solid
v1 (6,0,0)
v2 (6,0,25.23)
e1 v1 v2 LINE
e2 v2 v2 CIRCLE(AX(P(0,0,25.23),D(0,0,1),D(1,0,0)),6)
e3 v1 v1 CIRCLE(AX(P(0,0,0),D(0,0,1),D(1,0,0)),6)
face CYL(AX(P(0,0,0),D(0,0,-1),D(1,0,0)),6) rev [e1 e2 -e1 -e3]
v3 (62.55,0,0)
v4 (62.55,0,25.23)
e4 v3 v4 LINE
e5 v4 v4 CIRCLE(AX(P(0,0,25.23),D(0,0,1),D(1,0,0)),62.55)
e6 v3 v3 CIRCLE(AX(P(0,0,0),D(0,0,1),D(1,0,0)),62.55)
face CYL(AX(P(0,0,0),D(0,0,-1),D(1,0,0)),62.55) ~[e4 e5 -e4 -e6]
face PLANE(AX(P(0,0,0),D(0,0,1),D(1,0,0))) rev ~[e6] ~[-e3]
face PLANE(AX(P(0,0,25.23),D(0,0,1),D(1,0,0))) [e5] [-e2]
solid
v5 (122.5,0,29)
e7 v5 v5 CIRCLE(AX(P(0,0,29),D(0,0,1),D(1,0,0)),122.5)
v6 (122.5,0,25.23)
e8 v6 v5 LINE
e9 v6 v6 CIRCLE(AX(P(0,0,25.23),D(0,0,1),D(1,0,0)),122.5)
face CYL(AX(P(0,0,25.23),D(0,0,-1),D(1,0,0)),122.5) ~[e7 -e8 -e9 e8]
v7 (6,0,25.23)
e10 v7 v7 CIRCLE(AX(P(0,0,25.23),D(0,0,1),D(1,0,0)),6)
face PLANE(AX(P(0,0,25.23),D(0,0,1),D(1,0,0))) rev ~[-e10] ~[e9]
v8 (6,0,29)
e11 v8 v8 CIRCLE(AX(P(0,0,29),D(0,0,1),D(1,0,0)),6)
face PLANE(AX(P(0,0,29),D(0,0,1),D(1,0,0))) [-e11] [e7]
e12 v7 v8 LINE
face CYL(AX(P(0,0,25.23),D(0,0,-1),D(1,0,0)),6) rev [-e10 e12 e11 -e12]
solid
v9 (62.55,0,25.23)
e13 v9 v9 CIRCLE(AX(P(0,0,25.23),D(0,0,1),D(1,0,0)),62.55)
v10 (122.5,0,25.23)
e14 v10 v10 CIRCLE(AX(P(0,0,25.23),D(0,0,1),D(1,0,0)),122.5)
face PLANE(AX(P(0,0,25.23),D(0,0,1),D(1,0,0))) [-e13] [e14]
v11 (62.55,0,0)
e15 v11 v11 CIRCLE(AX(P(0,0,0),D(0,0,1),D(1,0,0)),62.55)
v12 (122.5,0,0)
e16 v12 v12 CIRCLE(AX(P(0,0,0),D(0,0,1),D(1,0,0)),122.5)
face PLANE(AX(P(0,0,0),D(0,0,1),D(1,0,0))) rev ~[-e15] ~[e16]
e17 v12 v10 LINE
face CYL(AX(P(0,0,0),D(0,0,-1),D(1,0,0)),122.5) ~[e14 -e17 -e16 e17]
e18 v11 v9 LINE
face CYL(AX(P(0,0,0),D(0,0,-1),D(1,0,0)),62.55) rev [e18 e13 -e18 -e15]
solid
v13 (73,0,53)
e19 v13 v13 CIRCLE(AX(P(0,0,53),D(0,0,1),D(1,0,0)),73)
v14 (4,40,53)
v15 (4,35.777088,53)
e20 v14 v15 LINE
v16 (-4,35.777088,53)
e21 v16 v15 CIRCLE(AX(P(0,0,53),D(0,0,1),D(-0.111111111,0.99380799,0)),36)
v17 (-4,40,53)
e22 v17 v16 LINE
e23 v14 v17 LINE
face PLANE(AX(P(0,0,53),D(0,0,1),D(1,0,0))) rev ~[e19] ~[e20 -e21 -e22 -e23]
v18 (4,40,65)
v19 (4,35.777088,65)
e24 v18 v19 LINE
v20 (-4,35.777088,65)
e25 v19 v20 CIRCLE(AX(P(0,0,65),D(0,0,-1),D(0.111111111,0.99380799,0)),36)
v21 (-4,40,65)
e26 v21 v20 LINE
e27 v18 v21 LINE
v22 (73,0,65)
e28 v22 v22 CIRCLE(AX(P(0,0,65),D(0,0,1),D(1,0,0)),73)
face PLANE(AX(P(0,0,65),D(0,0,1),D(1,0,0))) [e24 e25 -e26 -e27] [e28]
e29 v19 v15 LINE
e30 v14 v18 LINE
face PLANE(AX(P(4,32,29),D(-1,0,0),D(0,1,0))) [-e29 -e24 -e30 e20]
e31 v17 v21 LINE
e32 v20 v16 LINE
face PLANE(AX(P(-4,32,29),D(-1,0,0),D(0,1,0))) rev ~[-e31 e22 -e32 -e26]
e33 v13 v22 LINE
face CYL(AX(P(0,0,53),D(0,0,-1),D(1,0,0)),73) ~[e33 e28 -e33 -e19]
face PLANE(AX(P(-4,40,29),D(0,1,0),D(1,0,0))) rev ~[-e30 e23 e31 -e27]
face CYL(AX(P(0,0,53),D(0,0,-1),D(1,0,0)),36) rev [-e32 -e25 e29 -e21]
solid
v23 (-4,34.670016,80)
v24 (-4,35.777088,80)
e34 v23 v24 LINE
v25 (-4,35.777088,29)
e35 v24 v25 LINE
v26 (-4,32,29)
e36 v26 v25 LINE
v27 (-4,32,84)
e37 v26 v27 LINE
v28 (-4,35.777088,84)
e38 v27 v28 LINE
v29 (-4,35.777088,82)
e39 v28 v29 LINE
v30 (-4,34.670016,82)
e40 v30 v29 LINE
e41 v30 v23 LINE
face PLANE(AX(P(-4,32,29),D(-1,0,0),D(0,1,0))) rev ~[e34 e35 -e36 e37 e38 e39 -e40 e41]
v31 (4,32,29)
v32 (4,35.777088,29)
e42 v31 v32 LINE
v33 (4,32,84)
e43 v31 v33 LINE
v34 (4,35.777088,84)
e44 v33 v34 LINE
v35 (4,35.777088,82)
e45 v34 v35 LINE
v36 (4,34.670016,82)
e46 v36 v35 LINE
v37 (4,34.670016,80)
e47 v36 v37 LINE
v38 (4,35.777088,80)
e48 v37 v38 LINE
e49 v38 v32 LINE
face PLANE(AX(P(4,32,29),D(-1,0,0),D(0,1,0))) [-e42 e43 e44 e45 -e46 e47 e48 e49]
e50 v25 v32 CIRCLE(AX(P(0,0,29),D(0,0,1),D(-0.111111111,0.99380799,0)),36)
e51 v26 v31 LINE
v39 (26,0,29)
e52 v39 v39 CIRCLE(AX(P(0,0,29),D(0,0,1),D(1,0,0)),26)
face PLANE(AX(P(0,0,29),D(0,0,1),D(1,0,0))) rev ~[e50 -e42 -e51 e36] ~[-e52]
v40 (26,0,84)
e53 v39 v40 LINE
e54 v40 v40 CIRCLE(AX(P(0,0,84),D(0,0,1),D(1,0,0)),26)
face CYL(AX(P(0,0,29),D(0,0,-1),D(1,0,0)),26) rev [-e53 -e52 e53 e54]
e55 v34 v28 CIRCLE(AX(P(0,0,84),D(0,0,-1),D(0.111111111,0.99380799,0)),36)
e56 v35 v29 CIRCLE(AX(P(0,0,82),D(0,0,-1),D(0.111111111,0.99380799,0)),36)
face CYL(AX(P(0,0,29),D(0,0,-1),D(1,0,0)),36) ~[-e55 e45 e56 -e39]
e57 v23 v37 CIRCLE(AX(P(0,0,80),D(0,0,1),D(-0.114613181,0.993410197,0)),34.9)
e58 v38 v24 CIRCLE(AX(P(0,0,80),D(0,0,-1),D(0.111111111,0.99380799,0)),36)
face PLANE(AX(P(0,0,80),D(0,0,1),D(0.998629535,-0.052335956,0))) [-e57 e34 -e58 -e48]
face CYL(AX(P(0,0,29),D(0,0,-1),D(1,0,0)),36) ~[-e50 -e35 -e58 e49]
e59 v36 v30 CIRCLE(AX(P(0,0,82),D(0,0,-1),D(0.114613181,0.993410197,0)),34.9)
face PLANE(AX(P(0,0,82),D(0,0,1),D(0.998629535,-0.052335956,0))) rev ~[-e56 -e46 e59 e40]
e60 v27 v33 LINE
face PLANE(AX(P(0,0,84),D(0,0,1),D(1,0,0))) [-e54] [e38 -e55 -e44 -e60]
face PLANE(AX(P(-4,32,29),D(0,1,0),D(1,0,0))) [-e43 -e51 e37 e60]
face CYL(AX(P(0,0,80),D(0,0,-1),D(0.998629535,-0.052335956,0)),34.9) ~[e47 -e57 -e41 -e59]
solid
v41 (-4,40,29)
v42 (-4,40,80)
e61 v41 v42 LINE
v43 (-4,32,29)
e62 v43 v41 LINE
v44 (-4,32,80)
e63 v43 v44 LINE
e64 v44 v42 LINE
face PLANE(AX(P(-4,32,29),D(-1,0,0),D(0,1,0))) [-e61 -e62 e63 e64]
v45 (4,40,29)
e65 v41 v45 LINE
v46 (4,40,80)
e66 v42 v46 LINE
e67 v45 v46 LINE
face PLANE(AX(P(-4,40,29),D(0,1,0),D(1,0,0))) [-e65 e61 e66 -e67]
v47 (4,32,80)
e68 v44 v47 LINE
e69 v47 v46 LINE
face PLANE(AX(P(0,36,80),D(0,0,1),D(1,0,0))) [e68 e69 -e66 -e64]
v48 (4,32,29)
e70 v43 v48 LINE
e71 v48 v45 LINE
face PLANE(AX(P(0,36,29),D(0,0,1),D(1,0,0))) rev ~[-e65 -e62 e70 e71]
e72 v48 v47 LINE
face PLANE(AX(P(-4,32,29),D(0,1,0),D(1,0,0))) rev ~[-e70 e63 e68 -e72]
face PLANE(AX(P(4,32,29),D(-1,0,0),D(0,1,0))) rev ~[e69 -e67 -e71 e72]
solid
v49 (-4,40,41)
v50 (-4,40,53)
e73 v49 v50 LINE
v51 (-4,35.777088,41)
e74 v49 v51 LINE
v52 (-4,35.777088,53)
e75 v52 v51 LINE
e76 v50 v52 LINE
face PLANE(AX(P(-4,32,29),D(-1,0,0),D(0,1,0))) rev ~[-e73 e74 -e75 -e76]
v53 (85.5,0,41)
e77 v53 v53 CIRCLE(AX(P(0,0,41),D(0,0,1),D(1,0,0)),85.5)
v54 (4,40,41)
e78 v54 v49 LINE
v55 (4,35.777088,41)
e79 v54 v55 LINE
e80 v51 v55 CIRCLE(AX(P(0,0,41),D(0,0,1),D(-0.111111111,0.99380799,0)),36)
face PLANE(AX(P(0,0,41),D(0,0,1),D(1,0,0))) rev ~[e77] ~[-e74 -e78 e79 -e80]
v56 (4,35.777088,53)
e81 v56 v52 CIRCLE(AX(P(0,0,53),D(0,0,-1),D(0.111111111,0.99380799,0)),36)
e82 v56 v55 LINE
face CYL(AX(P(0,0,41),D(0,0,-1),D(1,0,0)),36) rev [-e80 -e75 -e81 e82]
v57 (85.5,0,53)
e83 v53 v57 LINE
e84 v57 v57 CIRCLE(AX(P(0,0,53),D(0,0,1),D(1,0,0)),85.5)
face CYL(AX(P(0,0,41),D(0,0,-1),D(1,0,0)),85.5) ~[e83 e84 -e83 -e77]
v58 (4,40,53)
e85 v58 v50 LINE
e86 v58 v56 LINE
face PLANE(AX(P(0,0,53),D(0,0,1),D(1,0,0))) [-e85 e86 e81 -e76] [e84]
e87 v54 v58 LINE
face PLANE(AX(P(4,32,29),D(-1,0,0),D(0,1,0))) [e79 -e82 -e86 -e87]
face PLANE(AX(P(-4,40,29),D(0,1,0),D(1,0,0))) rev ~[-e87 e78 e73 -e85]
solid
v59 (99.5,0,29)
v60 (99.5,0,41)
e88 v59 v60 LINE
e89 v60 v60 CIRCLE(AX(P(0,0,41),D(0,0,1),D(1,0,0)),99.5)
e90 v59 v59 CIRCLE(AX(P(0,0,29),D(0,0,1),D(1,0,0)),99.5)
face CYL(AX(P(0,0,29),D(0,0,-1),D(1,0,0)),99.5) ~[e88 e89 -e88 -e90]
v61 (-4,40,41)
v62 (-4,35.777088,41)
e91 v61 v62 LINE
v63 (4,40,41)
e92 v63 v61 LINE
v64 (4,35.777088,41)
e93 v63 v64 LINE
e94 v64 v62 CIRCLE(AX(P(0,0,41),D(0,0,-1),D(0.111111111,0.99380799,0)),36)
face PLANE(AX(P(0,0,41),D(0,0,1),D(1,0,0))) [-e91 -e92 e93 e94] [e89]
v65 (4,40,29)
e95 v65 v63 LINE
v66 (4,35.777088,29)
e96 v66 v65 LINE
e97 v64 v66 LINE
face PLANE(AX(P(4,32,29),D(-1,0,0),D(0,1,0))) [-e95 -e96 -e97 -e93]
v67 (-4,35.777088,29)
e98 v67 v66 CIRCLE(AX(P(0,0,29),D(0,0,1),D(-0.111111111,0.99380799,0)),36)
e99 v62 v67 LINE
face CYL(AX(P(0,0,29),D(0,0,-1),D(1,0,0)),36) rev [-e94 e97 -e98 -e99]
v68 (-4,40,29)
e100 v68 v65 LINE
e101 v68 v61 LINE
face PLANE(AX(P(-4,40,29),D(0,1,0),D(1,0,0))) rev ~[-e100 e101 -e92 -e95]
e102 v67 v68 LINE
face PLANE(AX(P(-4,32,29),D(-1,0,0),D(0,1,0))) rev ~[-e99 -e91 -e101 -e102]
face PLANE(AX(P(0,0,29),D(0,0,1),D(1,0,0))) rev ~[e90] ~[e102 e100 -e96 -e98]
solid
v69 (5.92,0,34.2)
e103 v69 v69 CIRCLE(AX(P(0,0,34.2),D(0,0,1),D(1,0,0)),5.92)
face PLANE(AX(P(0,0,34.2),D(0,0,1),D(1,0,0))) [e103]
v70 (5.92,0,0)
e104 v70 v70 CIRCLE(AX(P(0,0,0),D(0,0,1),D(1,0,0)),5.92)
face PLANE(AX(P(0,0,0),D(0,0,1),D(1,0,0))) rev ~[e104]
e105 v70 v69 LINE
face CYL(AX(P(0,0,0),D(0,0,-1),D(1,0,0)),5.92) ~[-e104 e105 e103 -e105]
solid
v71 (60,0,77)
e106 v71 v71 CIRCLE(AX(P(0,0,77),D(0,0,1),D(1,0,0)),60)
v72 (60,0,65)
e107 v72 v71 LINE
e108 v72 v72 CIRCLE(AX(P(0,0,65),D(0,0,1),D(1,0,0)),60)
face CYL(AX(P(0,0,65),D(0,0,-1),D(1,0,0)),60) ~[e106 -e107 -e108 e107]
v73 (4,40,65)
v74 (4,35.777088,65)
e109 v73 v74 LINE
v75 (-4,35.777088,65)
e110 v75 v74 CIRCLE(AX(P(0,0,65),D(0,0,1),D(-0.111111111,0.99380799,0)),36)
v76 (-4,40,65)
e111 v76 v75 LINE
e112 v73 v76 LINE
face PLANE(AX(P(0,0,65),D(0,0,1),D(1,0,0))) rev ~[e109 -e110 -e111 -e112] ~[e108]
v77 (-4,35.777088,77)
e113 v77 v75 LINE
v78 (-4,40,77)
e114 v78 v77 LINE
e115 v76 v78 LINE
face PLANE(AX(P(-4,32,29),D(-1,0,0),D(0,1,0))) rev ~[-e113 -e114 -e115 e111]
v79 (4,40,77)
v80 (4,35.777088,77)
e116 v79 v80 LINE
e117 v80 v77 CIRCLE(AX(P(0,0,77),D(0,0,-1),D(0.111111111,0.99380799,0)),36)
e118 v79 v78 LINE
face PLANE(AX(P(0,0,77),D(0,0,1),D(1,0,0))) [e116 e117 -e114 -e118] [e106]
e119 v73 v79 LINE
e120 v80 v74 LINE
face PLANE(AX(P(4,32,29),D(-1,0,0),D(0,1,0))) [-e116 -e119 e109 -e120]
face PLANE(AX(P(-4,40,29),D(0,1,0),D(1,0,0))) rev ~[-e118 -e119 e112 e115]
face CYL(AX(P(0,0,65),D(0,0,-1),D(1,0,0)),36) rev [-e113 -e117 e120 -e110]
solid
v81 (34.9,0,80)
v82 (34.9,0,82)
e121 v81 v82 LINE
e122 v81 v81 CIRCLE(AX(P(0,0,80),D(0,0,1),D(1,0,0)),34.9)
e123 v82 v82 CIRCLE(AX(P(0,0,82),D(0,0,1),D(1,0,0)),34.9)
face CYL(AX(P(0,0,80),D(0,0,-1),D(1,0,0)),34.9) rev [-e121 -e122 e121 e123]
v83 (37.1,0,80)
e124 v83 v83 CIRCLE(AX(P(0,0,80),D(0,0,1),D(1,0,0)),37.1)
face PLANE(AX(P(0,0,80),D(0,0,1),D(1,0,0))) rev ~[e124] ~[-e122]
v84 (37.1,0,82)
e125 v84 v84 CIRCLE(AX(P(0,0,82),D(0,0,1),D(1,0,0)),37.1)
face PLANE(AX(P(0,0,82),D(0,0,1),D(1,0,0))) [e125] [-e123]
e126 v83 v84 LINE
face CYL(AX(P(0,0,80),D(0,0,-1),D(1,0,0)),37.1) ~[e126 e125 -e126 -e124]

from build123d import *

# Parameters (mm, degrees)
TUBE_R                  = 122.5
TUBE_R_2                = 62.55
TUBE_DEPTH              = 25.23
TUBE001_R               = 62.55
TUBE001_R_2             = 6
TUBE001_DEPTH           = 25.23
TUBE002_R               = 122.5
TUBE002_R_2             = 6
TUBE002_DEPTH           = 3.77
BOX_W                   = 8
BOX_H                   = 8
BOX_DEPTH               = 55
TUBE004_R               = 99.5
TUBE004_R_2             = 36
TUBE004_DEPTH           = 12
TUBE005_R               = 85.5
TUBE005_R_2             = 36
TUBE005_DEPTH           = 12
TUBE006_R               = 73
TUBE006_R_2             = 36
TUBE006_DEPTH           = 12
BOX001_W                = 8
BOX001_H                = 8
BOX001_DEPTH            = 51
CYLINDER_R              = 5.92
CYLINDER_DEPTH          = 34.2
TUBE008_R               = 36
TUBE008_R_2             = 34.9
TUBE008_DEPTH           = 2
TUBE008_PLACEMENT_ANGLE = 3
TUBE003_R               = 36
TUBE003_R_2             = 26
TUBE003_DEPTH           = 55
TUBE009_R               = 60
TUBE009_R_2             = 36
TUBE009_DEPTH           = 12
TUBE010_R               = 37.1
TUBE010_R_2             = 34.9
TUBE010_DEPTH           = 2


with BuildPart() as flywheel:
    # Tube → Tube (new body)
    with BuildSketch(Plane.XY):
        Circle(TUBE_R)
        Circle(TUBE_R_2, mode=Mode.SUBTRACT)
    extrude(amount=TUBE_DEPTH)


with BuildPart() as disk:
    # Tube001 → Tube001 (new body)
    with BuildSketch(Plane.XY):
        Circle(TUBE001_R)
        Circle(TUBE001_R_2, mode=Mode.SUBTRACT)
    extrude(amount=TUBE001_DEPTH)


with BuildPart() as hub:
    # Tube002 → Tube002 (new body)
    with BuildSketch(Plane.XY.offset(25.23)):
        Circle(TUBE002_R)
        Circle(TUBE002_R_2, mode=Mode.SUBTRACT)
    extrude(amount=TUBE002_DEPTH)


with BuildPart() as wp_ed_key:
    # Box → Box (new body)
    with BuildSketch(Plane(origin=(-4, 32, 29), x_dir=(1, 0, 0), z_dir=(0, 0, 1))):
        with Locations((4, 4)):
            Rectangle(BOX_W, BOX_H)
    extrude(amount=BOX_DEPTH)


with BuildPart() as w1_keyed:
    # Tube004 → Tube004 (new body)
    with BuildSketch(Plane.XY.offset(29)):
        Circle(TUBE004_R)
        Circle(TUBE004_R_2, mode=Mode.SUBTRACT)
    extrude(amount=TUBE004_DEPTH)

    # Cut001: cut wp_ed_key
    add(wp_ed_key.part, mode=Mode.SUBTRACT)


with BuildPart() as w2_keyed:
    # Tube005 → Tube005 (new body)
    with BuildSketch(Plane.XY.offset(41)):
        Circle(TUBE005_R)
        Circle(TUBE005_R_2, mode=Mode.SUBTRACT)
    extrude(amount=TUBE005_DEPTH)

    # Cut002: cut wp_ed_key
    add(wp_ed_key.part, mode=Mode.SUBTRACT)


with BuildPart() as w3_keyed:
    # Tube006 → Tube006 (new body)
    with BuildSketch(Plane.XY.offset(53)):
        Circle(TUBE006_R)
        Circle(TUBE006_R_2, mode=Mode.SUBTRACT)
    extrude(amount=TUBE006_DEPTH)

    # Cut003: cut wp_ed_key
    add(wp_ed_key.part, mode=Mode.SUBTRACT)


with BuildPart() as key:
    # Box001 → Box001 (new body)
    with BuildSketch(Plane(origin=(-4, 32, 29), x_dir=(1, 0, 0), z_dir=(0, 0, 1))):
        with Locations((4, 4)):
            Rectangle(BOX001_W, BOX001_H)
    extrude(amount=BOX001_DEPTH)


with BuildPart() as threadedshaft:
    # Cylinder → Cylinder (new body)
    with BuildSketch(Plane.XY):
        Circle(CYLINDER_R)
    extrude(amount=CYLINDER_DEPTH)


with BuildPart() as circlip_grove:
    # Tube008 → Tube008 (new body)
    with BuildSketch(Plane.XY):
        Circle(TUBE008_R)
        Circle(TUBE008_R_2, mode=Mode.SUBTRACT)
    extrude(amount=TUBE008_DEPTH)


with BuildPart() as circlip_grove_1:
    # Tube008 placement: moved
    add(circlip_grove.part.moved(Location((0, 0, 80))).rotate(Axis((0, 0, 80), (0, 0, -1)), TUBE008_PLACEMENT_ANGLE))


with BuildPart() as grove_and_key:
    # Body base: copy of wp_ed_key
    add(wp_ed_key.part)

    # Fusion: union circlip_grove
    add(circlip_grove_1.part)


with BuildPart() as extendingdisk_grovedndkeyed:
    # Tube003 → Tube003 (new body)
    with BuildSketch(Plane.XY.offset(29)):
        Circle(TUBE003_R)
        Circle(TUBE003_R_2, mode=Mode.SUBTRACT)
    extrude(amount=TUBE003_DEPTH)

    # Cut: cut grove_and_key
    add(grove_and_key.part, mode=Mode.SUBTRACT)


with BuildPart() as w4_keyed:
    # Tube009 → Tube009 (new body)
    with BuildSketch(Plane.XY.offset(65)):
        Circle(TUBE009_R)
        Circle(TUBE009_R_2, mode=Mode.SUBTRACT)
    extrude(amount=TUBE009_DEPTH)

    # Cut004: cut wp_ed_key
    add(wp_ed_key.part, mode=Mode.SUBTRACT)


with BuildPart() as circlip:
    # Tube010 → Tube010 (new body)
    with BuildSketch(Plane.XY.offset(80)):
        Circle(TUBE010_R)
        Circle(TUBE010_R_2, mode=Mode.SUBTRACT)
    extrude(amount=TUBE010_DEPTH)


solid = Compound([flywheel.part, disk.part, hub.part, w1_keyed.part, w2_keyed.part, w3_keyed.part, key.part, threadedshaft.part, extendingdisk_grovedndkeyed.part, w4_keyed.part, circlip.part])
